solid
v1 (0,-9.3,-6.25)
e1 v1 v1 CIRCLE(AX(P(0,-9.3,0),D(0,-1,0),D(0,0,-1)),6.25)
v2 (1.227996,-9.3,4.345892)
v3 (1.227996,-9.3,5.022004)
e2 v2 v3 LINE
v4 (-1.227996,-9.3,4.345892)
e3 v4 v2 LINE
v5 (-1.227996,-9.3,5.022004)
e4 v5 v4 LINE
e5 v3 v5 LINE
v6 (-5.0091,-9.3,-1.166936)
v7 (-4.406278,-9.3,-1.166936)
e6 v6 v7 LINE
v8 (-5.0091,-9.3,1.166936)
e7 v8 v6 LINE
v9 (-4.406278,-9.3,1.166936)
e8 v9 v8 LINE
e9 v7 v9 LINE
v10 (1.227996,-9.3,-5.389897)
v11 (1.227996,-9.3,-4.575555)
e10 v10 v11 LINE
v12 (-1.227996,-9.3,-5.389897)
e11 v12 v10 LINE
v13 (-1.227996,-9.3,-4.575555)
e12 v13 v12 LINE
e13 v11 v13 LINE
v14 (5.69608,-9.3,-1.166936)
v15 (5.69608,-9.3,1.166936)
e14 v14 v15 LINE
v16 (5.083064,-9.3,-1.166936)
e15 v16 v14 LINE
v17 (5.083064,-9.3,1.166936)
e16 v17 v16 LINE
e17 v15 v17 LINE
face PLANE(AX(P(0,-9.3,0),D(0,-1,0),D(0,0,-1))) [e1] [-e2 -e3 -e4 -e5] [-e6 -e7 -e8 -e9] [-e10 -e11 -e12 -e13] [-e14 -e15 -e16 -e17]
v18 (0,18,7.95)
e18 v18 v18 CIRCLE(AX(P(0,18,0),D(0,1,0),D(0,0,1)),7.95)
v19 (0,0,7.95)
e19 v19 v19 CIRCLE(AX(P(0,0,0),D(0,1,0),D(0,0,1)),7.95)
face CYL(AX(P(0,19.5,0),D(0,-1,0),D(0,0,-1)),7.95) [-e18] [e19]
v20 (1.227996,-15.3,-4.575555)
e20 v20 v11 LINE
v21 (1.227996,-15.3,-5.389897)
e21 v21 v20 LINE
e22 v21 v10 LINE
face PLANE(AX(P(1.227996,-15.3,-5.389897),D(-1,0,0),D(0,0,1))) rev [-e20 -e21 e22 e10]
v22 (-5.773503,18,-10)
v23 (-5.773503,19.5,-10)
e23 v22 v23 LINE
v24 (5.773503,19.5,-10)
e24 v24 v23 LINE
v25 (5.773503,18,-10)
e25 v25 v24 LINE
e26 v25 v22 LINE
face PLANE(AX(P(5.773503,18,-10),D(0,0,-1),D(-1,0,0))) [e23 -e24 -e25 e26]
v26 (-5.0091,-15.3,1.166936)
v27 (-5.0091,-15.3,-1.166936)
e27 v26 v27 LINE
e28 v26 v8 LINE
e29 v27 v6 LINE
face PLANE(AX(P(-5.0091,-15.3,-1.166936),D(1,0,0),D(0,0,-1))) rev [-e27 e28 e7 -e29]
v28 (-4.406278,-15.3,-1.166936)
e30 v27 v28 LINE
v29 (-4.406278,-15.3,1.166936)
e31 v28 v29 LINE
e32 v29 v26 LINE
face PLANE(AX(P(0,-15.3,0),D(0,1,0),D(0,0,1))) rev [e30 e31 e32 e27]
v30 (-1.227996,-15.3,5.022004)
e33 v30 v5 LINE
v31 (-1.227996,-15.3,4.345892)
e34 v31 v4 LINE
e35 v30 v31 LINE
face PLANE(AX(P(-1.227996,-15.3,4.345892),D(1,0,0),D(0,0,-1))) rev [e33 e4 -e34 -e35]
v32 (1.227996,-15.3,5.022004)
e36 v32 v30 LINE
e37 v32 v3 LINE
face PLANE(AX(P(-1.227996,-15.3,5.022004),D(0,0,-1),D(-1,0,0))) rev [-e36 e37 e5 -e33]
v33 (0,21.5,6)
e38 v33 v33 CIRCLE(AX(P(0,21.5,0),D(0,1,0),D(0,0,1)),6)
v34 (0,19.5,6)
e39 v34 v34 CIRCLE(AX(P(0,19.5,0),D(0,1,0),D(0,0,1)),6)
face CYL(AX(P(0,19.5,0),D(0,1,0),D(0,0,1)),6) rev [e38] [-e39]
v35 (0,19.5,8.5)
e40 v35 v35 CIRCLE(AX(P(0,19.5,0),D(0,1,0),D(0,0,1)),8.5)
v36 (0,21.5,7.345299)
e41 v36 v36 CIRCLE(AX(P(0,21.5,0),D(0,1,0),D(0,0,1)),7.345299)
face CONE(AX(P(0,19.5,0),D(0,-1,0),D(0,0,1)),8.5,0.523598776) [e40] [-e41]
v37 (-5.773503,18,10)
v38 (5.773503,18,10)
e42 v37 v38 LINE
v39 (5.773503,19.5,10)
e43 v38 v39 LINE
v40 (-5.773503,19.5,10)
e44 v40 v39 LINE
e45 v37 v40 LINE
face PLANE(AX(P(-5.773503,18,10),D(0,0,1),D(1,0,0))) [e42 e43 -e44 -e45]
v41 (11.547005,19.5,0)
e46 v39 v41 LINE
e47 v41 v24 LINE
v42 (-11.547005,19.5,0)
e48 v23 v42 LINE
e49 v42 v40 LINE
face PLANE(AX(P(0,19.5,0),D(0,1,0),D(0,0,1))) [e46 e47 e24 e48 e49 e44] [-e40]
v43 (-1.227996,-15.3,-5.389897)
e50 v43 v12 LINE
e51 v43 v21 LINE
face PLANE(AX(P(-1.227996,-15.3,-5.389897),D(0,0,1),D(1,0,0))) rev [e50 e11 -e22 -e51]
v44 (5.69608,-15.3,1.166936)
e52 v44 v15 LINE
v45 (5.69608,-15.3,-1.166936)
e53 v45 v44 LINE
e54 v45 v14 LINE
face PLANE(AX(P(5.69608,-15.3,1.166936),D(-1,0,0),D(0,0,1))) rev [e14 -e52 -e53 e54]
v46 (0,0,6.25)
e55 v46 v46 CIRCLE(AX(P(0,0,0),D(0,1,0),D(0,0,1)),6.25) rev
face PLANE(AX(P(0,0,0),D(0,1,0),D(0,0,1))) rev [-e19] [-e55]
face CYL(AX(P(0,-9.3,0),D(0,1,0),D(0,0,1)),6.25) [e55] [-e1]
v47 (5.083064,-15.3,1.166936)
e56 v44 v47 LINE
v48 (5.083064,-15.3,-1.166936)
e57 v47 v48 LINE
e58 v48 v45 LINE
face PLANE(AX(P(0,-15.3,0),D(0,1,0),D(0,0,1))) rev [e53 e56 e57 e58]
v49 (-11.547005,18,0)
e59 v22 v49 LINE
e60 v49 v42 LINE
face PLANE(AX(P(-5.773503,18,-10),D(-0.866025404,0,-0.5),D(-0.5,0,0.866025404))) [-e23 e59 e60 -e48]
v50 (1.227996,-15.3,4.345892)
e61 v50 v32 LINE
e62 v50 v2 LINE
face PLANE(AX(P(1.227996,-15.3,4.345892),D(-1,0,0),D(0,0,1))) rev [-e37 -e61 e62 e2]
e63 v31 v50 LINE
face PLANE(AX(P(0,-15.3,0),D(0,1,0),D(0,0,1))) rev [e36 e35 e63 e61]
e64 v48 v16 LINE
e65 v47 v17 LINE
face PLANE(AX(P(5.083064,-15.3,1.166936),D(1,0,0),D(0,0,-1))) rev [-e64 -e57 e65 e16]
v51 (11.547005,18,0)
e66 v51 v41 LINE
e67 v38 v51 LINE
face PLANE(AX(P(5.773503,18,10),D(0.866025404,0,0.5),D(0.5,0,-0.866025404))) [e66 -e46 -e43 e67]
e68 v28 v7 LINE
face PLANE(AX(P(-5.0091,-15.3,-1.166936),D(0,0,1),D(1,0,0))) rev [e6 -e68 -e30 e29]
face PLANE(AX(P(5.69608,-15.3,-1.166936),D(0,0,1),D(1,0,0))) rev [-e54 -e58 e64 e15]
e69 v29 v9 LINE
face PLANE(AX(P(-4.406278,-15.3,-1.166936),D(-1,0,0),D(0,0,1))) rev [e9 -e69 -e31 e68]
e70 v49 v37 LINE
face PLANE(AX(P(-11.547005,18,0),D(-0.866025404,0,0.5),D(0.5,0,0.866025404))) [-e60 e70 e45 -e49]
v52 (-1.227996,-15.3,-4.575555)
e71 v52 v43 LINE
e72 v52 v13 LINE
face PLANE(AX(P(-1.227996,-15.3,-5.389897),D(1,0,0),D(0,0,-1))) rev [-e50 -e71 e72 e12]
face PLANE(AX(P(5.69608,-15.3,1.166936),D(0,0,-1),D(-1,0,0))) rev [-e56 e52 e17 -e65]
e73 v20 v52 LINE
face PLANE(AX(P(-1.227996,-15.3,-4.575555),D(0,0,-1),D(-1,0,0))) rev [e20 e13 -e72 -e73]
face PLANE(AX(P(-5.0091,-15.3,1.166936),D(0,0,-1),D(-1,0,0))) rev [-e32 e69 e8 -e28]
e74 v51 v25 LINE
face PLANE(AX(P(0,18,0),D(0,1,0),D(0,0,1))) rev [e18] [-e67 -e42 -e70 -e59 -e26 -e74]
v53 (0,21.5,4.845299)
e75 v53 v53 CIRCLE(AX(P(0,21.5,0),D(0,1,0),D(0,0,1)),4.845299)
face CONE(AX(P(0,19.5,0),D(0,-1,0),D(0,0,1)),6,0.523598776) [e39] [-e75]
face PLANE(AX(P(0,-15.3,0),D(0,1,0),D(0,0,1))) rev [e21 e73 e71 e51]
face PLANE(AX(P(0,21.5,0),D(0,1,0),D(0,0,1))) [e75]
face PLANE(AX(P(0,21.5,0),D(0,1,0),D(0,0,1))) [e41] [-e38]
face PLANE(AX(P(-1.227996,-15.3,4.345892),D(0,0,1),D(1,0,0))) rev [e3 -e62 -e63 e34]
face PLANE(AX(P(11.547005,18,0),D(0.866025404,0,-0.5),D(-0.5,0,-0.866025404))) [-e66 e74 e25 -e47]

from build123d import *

# Parameters (mm, degrees)
SKETCH1_R           = 7.95
BOSS_EXTRUDE1_DEPTH = 19.5
BOSS_EXTRUDE2_DEPTH = 1.5
SKETCH3_R           = 8.5
BOSS_EXTRUDE3_DEPTH = 2
BOSS_EXTRUDE3_TAPER = 30
SKETCH4_R           = 6
CUT_EXTRUDE1_DEPTH  = 2
SKETCH6_R           = 6
BOSS_EXTRUDE4_DEPTH = 2
BOSS_EXTRUDE4_TAPER = 30
SKETCH7_R           = 6.25
BOSS_EXTRUDE5_DEPTH = 9.3
SKETCH8_W           = 2.45599171
SKETCH8_H           = 0.676111723
SKETCH8_W_2         = 0.61301599
SKETCH8_H_2         = 2.333871056
SKETCH8_H_3         = 0.814342288
SKETCH8_W_3         = 0.602821575
BOSS_EXTRUDE6_DEPTH = 6


with BuildPart() as part:
    # Sketch1 → Boss-Extrude1 (new body)
    with BuildSketch(Plane(origin=(0, 0, 0), x_dir=(1, 0, 0), z_dir=(0, 1, 0))):
        with Locations(Location((0, 0, 0), (0, 0, 270))):
            Circle(SKETCH1_R)
    extrude(amount=BOSS_EXTRUDE1_DEPTH)

    # Sketch2 → Boss-Extrude2 (add)
    with BuildSketch(Plane(origin=(0, 19.5, 0), x_dir=(1, 0, 0), z_dir=(0, 1, 0))):
        Polygon((11.547005384, 0), (5.773502692, 10), (-5.773502692, 10), (-11.547005384, 0), (-5.773502692, -10), (5.773502692, -10), align=None)
    extrude(amount=-BOSS_EXTRUDE2_DEPTH)

    # Sketch3 → Boss-Extrude3 (add)
    with BuildSketch(Plane(origin=(0, 19.5, 0), x_dir=(1, 0, 0), z_dir=(0, 1, 0))):
        Circle(SKETCH3_R)
    extrude(amount=BOSS_EXTRUDE3_DEPTH, taper=BOSS_EXTRUDE3_TAPER)

    # Sketch4 → Cut-Extrude1 (cut)
    with BuildSketch(Plane(origin=(0, 21.5, 0), x_dir=(1, 0, 0), z_dir=(0, 1, 0))):
        with Locations(Location((0, 0, 0), (0, 0, 270))):
            Circle(SKETCH4_R)
    extrude(amount=-CUT_EXTRUDE1_DEPTH, mode=Mode.SUBTRACT)

    # Sketch6 → Boss-Extrude4 (add)
    with BuildSketch(Plane(origin=(0, 19.5, 0), x_dir=(1, 0, 0), z_dir=(0, 1, 0))):
        with Locations(Location((0, 0, 0), (0, 0, 270))):
            Circle(SKETCH6_R)
    extrude(amount=BOSS_EXTRUDE4_DEPTH, taper=BOSS_EXTRUDE4_TAPER)

    # Sketch7 → Boss-Extrude5 (add)
    with BuildSketch(Plane.XZ):
        with Locations(Location((0, 0, 0), (0, 0, 90))):
            Circle(SKETCH7_R)
    extrude(amount=BOSS_EXTRUDE5_DEPTH)

    # Sketch8 → Boss-Extrude6 (add)
    with BuildSketch(Plane.XZ.offset(9.3)):
        with Locations((0, 4.683948284)):
            Rectangle(SKETCH8_W, SKETCH8_H)
        with Locations((5.389572467, 0)):
            Rectangle(SKETCH8_W_2, SKETCH8_H_2)
        with Locations((0, -4.982726266)):
            Rectangle(SKETCH8_W, SKETCH8_H_3)
        with Locations((-4.707688923, 0)):
            Rectangle(SKETCH8_W_3, SKETCH8_H_2)
    extrude(amount=BOSS_EXTRUDE6_DEPTH)


solid = part.part
